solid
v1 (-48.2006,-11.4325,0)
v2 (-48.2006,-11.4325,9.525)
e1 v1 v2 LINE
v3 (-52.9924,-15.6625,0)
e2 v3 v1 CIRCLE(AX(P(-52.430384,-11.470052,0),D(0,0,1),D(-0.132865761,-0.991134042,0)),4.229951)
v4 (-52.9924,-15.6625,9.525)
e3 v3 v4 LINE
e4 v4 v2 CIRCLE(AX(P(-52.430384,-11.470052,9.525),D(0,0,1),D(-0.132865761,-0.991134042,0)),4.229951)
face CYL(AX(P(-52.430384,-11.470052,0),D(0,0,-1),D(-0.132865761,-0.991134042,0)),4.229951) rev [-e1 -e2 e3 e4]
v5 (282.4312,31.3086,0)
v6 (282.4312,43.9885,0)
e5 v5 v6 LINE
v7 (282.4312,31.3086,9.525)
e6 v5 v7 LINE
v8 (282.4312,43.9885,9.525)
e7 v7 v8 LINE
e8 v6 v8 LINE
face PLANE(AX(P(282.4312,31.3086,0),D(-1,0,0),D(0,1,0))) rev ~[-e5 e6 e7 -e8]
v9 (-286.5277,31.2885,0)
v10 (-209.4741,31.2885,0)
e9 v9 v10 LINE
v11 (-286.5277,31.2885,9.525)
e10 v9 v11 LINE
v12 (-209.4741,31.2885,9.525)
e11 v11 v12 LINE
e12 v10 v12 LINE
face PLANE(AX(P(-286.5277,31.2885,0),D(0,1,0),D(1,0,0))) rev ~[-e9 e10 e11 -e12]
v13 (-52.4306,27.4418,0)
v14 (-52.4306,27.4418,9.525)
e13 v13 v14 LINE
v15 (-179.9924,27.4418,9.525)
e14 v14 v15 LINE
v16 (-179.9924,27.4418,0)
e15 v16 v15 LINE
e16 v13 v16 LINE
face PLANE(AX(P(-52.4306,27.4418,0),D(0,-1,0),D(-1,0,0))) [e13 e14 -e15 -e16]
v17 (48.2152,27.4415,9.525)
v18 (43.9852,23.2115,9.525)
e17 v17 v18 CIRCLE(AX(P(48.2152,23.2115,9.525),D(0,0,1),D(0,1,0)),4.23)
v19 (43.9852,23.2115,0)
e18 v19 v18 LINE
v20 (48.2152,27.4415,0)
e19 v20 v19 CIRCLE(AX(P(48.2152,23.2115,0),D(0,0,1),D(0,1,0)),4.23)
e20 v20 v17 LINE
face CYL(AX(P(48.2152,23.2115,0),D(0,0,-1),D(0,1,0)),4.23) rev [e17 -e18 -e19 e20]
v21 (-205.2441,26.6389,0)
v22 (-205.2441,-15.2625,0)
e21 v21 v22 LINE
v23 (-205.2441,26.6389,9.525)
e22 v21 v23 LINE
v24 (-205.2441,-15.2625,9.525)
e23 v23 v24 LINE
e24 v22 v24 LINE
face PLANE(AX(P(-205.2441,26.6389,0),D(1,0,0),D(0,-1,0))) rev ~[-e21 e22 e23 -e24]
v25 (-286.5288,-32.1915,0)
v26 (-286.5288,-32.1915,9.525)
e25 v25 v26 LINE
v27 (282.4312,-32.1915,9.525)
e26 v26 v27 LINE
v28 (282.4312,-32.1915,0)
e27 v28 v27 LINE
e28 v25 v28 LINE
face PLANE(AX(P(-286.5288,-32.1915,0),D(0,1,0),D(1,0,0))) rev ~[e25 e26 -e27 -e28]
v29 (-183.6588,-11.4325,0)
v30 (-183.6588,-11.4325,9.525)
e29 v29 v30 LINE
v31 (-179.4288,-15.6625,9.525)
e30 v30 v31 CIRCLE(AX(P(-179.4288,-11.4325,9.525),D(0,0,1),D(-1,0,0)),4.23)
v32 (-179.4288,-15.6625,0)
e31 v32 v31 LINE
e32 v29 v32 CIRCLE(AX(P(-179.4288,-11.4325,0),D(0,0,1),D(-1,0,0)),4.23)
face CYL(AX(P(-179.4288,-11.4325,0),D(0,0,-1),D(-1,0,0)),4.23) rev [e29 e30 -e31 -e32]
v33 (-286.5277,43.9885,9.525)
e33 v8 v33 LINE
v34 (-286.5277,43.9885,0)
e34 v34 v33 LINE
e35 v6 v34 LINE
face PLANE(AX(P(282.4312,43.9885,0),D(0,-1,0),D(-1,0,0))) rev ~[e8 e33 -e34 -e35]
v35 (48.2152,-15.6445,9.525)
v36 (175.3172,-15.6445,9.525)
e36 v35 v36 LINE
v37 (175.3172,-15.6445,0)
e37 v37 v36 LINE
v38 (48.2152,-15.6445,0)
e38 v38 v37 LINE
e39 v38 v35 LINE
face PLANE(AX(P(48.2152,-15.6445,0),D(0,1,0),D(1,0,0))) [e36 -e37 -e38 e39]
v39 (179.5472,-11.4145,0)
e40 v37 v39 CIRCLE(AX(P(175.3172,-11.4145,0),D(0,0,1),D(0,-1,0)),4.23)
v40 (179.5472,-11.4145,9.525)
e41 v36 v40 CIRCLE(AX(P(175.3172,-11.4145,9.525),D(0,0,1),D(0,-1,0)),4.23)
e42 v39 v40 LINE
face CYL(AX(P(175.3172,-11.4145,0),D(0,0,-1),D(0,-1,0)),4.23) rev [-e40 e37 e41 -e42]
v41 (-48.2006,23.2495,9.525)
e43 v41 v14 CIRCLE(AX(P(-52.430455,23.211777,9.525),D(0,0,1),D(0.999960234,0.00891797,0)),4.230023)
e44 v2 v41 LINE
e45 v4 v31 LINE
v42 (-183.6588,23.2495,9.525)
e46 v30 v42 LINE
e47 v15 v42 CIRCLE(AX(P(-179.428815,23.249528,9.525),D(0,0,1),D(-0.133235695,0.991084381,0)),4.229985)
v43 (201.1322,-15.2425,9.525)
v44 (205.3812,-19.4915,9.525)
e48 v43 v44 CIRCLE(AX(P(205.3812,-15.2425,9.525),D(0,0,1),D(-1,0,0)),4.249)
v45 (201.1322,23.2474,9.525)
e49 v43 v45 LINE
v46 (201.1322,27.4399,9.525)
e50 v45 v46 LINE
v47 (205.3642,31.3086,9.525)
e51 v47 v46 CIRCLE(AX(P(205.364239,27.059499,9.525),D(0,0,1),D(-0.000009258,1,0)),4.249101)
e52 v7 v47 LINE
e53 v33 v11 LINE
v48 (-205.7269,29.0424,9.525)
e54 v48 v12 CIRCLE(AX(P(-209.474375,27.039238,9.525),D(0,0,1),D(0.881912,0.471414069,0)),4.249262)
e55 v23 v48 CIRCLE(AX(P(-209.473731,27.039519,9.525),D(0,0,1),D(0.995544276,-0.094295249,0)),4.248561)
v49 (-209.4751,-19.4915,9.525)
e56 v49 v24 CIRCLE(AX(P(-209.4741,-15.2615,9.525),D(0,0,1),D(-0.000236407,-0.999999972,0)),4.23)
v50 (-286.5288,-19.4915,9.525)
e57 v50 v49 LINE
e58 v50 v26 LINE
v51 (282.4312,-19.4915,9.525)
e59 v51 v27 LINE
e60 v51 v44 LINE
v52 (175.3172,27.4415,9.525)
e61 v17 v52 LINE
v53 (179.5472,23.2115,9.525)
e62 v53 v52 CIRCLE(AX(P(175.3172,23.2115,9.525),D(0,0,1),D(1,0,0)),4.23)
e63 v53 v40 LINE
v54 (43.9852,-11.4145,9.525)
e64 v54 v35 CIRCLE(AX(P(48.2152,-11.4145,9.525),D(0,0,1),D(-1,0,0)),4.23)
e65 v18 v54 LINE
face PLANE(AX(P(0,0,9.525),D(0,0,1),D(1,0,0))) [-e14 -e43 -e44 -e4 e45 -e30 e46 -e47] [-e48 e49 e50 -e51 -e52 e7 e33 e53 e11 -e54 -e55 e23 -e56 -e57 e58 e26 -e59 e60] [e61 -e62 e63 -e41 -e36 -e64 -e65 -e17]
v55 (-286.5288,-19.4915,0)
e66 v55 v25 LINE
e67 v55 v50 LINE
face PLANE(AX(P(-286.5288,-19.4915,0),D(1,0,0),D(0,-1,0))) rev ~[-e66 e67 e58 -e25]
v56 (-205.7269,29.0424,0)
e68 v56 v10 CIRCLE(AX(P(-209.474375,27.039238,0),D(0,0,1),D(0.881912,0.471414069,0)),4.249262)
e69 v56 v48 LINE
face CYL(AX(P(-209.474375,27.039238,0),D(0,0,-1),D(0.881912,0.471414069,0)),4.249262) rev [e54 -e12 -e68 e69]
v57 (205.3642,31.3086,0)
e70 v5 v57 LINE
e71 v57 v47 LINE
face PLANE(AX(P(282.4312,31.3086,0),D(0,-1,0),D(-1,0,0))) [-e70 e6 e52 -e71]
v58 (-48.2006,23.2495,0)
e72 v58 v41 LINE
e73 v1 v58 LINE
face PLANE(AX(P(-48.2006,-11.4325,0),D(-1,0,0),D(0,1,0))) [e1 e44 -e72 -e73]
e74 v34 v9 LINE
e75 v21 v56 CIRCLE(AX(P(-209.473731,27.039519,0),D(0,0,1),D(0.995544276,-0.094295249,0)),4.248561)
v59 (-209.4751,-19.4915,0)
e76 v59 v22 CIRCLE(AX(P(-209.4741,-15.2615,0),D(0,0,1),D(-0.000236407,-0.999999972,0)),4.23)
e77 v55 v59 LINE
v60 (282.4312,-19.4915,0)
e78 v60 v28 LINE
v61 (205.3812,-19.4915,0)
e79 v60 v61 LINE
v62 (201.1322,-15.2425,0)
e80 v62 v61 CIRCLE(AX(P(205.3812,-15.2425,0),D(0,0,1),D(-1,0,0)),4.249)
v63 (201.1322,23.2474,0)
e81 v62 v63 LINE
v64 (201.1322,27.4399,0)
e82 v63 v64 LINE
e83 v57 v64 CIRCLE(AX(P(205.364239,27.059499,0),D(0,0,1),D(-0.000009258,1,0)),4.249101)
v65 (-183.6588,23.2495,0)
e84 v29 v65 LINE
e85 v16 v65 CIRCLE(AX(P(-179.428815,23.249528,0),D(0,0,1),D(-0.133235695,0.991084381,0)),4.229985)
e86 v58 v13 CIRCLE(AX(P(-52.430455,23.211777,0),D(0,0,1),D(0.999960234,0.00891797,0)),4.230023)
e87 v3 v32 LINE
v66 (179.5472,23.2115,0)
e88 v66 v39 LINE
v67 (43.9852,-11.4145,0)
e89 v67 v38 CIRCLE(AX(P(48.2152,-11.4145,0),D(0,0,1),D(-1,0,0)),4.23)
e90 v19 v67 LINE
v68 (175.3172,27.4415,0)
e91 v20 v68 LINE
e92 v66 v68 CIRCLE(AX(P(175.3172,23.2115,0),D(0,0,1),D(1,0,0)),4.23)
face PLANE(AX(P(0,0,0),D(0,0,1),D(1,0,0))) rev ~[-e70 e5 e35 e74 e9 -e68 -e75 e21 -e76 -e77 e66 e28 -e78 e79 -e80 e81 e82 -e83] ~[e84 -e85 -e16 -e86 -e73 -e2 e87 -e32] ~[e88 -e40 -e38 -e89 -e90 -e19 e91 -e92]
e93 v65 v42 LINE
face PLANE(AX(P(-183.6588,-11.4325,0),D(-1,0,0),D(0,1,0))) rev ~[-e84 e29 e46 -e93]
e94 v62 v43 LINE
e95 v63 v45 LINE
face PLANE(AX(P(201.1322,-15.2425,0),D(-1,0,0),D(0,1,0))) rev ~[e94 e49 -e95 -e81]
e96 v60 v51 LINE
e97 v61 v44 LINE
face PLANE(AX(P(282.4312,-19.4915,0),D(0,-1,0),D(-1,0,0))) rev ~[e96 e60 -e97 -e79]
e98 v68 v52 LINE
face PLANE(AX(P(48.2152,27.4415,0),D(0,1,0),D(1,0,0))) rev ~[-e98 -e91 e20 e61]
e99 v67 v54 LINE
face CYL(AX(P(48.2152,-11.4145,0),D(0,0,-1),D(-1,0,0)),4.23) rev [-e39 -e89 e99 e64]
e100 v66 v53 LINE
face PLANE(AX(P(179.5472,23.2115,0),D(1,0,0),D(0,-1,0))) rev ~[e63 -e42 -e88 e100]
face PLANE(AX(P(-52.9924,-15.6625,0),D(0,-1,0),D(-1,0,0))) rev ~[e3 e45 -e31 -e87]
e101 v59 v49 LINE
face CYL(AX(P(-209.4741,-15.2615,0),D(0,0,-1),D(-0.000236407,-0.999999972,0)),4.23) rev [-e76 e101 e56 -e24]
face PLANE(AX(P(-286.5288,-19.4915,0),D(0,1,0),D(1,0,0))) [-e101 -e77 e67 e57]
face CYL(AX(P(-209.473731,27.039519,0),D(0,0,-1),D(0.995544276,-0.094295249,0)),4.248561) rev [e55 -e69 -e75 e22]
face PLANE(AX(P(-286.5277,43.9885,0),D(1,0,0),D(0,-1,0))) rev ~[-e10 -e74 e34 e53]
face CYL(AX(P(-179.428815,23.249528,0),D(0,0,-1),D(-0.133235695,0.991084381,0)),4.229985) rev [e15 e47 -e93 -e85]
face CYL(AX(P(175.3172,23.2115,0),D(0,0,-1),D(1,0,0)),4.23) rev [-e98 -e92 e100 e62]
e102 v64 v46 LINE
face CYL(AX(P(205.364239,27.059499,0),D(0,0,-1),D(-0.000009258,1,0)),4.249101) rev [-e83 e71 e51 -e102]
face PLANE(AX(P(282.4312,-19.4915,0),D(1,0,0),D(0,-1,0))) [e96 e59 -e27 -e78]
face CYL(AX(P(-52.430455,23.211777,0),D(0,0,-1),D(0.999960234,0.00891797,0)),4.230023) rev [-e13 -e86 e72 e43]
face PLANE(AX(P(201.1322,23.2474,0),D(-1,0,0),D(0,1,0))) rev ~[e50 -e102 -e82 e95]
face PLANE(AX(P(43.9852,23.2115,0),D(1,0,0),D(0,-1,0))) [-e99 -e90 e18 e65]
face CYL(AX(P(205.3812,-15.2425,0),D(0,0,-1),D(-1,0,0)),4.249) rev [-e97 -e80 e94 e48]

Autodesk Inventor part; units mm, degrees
ref_plane "YZ Plane" through (0, 0, 0) normal (1, 0, 0) x (0, 1, 0)
ref_plane "XZ Plane" through (0, 0, 0) normal (0, 1, 0) x (-1, 0, 0)
ref_plane "XY Plane" through (0, 0, 0) normal (0, 0, 1) x (1, 0, 0)
sketch "Sketch1" plane through (0, 0, 0) normal (0, 0, 1) x (1, 0, 0)
  line L0 (282.4312, 43.9885) -> (-286.5277, 43.9885)
  line L1 (-286.5288, -32.1915) -> (282.4312, -32.1915)
  line L2 (-286.5277, 43.9885) -> (-286.5277, 31.2885)
  line L3 (-286.5288, -19.4915) -> (-286.5288, -32.1915)
  line L4 (282.4312, 31.3086) -> (282.4312, 43.9885)
  line L5 (282.4312, -19.4915) -> (282.4312, -32.1915)
  arc A0 (-205.7269, 29.0424) -> (-209.4741, 31.2885) centre (-209.4741, 27.0395) ccw
  arc A1 (-205.2441, 26.6389) -> (-205.7269, 29.0424) centre (-209.4741, 27.0395) ccw
  arc A2 (-209.4751, -19.4915) -> (-205.2441, -15.2625) centre (-209.4741, -15.2615) ccw
  arc A3 (-179.9924, 27.4418) -> (-183.6588, 23.2495) centre (-179.4288, 23.2495) ccw
  arc A4 (-183.6588, -11.4325) -> (-179.4288, -15.6625) centre (-179.4288, -11.4325) ccw
  arc A5 (-48.2006, 23.2495) -> (-52.4306, 27.4418) centre (-52.4304, 23.2118) ccw
  arc A6 (-52.9924, -15.6625) -> (-48.2006, -11.4325) centre (-52.4304, -11.47) ccw
  line L6 (-52.4306, 27.4418) -> (-179.9924, 27.4418)
  line L7 (-52.9924, -15.6625) -> (-179.4288, -15.6625)
  line L8 (-48.2006, -11.4325) -> (-48.2006, 23.2495)
  line L9 (-183.6588, -11.4325) -> (-183.6588, 23.2495)
  arc A7 (205.3642, 31.3086) -> (201.1322, 27.4399) centre (205.3642, 27.0596) ccw
  arc A8 (201.1322, -15.2425) -> (205.3812, -19.4915) centre (205.3812, -15.2425) ccw
  line L10 (201.1322, -15.2425) -> (201.1322, 23.2474)
  line L11 (201.1322, 23.2474) -> (201.1322, 27.4399)
  line L12 (282.4312, 31.3086) -> (205.3642, 31.3086)
  line L13 (282.4312, -19.4915) -> (205.3812, -19.4915)
  line L14 (-286.5288, -19.4915) -> (-209.4751, -19.4915)
  line L15 (-286.5277, 31.2885) -> (-209.4741, 31.2885)
  line L16 (-205.2441, 26.6389) -> (-205.2441, -15.2625)
  arc A9 (48.2152, 27.4415) -> (43.9852, 23.2115) centre (48.2152, 23.2115) ccw
  arc A10 (43.9852, -11.4145) -> (48.2152, -15.6445) centre (48.2152, -11.4145) ccw
  arc A11 (179.5472, 23.2115) -> (175.3172, 27.4415) centre (175.3172, 23.2115) ccw
  arc A12 (175.3172, -15.6445) -> (179.5472, -11.4145) centre (175.3172, -11.4145) ccw
  line L17 (48.2152, 27.4415) -> (175.3172, 27.4415)
  line L18 (48.2152, -15.6445) -> (175.3172, -15.6445)
  line L19 (43.9852, 23.2115) -> (43.9852, -11.4145)
  line L20 (179.5472, 23.2115) -> (179.5472, -11.4145)
  point P0 (0, 0)
  point P1 (0, 0)
  dimension "d0" = 135.4582
  dimension "d1" = 43.1043
  dimension "d2" = 16.5467
  dimension "d3" = 16.529
  dimension "d4" = 21.5853
  dimension "d5" = 92.1858
extrude "Extrusion1" add sketch "Sketch1" along normal blind 9.525
properties part number "top"
